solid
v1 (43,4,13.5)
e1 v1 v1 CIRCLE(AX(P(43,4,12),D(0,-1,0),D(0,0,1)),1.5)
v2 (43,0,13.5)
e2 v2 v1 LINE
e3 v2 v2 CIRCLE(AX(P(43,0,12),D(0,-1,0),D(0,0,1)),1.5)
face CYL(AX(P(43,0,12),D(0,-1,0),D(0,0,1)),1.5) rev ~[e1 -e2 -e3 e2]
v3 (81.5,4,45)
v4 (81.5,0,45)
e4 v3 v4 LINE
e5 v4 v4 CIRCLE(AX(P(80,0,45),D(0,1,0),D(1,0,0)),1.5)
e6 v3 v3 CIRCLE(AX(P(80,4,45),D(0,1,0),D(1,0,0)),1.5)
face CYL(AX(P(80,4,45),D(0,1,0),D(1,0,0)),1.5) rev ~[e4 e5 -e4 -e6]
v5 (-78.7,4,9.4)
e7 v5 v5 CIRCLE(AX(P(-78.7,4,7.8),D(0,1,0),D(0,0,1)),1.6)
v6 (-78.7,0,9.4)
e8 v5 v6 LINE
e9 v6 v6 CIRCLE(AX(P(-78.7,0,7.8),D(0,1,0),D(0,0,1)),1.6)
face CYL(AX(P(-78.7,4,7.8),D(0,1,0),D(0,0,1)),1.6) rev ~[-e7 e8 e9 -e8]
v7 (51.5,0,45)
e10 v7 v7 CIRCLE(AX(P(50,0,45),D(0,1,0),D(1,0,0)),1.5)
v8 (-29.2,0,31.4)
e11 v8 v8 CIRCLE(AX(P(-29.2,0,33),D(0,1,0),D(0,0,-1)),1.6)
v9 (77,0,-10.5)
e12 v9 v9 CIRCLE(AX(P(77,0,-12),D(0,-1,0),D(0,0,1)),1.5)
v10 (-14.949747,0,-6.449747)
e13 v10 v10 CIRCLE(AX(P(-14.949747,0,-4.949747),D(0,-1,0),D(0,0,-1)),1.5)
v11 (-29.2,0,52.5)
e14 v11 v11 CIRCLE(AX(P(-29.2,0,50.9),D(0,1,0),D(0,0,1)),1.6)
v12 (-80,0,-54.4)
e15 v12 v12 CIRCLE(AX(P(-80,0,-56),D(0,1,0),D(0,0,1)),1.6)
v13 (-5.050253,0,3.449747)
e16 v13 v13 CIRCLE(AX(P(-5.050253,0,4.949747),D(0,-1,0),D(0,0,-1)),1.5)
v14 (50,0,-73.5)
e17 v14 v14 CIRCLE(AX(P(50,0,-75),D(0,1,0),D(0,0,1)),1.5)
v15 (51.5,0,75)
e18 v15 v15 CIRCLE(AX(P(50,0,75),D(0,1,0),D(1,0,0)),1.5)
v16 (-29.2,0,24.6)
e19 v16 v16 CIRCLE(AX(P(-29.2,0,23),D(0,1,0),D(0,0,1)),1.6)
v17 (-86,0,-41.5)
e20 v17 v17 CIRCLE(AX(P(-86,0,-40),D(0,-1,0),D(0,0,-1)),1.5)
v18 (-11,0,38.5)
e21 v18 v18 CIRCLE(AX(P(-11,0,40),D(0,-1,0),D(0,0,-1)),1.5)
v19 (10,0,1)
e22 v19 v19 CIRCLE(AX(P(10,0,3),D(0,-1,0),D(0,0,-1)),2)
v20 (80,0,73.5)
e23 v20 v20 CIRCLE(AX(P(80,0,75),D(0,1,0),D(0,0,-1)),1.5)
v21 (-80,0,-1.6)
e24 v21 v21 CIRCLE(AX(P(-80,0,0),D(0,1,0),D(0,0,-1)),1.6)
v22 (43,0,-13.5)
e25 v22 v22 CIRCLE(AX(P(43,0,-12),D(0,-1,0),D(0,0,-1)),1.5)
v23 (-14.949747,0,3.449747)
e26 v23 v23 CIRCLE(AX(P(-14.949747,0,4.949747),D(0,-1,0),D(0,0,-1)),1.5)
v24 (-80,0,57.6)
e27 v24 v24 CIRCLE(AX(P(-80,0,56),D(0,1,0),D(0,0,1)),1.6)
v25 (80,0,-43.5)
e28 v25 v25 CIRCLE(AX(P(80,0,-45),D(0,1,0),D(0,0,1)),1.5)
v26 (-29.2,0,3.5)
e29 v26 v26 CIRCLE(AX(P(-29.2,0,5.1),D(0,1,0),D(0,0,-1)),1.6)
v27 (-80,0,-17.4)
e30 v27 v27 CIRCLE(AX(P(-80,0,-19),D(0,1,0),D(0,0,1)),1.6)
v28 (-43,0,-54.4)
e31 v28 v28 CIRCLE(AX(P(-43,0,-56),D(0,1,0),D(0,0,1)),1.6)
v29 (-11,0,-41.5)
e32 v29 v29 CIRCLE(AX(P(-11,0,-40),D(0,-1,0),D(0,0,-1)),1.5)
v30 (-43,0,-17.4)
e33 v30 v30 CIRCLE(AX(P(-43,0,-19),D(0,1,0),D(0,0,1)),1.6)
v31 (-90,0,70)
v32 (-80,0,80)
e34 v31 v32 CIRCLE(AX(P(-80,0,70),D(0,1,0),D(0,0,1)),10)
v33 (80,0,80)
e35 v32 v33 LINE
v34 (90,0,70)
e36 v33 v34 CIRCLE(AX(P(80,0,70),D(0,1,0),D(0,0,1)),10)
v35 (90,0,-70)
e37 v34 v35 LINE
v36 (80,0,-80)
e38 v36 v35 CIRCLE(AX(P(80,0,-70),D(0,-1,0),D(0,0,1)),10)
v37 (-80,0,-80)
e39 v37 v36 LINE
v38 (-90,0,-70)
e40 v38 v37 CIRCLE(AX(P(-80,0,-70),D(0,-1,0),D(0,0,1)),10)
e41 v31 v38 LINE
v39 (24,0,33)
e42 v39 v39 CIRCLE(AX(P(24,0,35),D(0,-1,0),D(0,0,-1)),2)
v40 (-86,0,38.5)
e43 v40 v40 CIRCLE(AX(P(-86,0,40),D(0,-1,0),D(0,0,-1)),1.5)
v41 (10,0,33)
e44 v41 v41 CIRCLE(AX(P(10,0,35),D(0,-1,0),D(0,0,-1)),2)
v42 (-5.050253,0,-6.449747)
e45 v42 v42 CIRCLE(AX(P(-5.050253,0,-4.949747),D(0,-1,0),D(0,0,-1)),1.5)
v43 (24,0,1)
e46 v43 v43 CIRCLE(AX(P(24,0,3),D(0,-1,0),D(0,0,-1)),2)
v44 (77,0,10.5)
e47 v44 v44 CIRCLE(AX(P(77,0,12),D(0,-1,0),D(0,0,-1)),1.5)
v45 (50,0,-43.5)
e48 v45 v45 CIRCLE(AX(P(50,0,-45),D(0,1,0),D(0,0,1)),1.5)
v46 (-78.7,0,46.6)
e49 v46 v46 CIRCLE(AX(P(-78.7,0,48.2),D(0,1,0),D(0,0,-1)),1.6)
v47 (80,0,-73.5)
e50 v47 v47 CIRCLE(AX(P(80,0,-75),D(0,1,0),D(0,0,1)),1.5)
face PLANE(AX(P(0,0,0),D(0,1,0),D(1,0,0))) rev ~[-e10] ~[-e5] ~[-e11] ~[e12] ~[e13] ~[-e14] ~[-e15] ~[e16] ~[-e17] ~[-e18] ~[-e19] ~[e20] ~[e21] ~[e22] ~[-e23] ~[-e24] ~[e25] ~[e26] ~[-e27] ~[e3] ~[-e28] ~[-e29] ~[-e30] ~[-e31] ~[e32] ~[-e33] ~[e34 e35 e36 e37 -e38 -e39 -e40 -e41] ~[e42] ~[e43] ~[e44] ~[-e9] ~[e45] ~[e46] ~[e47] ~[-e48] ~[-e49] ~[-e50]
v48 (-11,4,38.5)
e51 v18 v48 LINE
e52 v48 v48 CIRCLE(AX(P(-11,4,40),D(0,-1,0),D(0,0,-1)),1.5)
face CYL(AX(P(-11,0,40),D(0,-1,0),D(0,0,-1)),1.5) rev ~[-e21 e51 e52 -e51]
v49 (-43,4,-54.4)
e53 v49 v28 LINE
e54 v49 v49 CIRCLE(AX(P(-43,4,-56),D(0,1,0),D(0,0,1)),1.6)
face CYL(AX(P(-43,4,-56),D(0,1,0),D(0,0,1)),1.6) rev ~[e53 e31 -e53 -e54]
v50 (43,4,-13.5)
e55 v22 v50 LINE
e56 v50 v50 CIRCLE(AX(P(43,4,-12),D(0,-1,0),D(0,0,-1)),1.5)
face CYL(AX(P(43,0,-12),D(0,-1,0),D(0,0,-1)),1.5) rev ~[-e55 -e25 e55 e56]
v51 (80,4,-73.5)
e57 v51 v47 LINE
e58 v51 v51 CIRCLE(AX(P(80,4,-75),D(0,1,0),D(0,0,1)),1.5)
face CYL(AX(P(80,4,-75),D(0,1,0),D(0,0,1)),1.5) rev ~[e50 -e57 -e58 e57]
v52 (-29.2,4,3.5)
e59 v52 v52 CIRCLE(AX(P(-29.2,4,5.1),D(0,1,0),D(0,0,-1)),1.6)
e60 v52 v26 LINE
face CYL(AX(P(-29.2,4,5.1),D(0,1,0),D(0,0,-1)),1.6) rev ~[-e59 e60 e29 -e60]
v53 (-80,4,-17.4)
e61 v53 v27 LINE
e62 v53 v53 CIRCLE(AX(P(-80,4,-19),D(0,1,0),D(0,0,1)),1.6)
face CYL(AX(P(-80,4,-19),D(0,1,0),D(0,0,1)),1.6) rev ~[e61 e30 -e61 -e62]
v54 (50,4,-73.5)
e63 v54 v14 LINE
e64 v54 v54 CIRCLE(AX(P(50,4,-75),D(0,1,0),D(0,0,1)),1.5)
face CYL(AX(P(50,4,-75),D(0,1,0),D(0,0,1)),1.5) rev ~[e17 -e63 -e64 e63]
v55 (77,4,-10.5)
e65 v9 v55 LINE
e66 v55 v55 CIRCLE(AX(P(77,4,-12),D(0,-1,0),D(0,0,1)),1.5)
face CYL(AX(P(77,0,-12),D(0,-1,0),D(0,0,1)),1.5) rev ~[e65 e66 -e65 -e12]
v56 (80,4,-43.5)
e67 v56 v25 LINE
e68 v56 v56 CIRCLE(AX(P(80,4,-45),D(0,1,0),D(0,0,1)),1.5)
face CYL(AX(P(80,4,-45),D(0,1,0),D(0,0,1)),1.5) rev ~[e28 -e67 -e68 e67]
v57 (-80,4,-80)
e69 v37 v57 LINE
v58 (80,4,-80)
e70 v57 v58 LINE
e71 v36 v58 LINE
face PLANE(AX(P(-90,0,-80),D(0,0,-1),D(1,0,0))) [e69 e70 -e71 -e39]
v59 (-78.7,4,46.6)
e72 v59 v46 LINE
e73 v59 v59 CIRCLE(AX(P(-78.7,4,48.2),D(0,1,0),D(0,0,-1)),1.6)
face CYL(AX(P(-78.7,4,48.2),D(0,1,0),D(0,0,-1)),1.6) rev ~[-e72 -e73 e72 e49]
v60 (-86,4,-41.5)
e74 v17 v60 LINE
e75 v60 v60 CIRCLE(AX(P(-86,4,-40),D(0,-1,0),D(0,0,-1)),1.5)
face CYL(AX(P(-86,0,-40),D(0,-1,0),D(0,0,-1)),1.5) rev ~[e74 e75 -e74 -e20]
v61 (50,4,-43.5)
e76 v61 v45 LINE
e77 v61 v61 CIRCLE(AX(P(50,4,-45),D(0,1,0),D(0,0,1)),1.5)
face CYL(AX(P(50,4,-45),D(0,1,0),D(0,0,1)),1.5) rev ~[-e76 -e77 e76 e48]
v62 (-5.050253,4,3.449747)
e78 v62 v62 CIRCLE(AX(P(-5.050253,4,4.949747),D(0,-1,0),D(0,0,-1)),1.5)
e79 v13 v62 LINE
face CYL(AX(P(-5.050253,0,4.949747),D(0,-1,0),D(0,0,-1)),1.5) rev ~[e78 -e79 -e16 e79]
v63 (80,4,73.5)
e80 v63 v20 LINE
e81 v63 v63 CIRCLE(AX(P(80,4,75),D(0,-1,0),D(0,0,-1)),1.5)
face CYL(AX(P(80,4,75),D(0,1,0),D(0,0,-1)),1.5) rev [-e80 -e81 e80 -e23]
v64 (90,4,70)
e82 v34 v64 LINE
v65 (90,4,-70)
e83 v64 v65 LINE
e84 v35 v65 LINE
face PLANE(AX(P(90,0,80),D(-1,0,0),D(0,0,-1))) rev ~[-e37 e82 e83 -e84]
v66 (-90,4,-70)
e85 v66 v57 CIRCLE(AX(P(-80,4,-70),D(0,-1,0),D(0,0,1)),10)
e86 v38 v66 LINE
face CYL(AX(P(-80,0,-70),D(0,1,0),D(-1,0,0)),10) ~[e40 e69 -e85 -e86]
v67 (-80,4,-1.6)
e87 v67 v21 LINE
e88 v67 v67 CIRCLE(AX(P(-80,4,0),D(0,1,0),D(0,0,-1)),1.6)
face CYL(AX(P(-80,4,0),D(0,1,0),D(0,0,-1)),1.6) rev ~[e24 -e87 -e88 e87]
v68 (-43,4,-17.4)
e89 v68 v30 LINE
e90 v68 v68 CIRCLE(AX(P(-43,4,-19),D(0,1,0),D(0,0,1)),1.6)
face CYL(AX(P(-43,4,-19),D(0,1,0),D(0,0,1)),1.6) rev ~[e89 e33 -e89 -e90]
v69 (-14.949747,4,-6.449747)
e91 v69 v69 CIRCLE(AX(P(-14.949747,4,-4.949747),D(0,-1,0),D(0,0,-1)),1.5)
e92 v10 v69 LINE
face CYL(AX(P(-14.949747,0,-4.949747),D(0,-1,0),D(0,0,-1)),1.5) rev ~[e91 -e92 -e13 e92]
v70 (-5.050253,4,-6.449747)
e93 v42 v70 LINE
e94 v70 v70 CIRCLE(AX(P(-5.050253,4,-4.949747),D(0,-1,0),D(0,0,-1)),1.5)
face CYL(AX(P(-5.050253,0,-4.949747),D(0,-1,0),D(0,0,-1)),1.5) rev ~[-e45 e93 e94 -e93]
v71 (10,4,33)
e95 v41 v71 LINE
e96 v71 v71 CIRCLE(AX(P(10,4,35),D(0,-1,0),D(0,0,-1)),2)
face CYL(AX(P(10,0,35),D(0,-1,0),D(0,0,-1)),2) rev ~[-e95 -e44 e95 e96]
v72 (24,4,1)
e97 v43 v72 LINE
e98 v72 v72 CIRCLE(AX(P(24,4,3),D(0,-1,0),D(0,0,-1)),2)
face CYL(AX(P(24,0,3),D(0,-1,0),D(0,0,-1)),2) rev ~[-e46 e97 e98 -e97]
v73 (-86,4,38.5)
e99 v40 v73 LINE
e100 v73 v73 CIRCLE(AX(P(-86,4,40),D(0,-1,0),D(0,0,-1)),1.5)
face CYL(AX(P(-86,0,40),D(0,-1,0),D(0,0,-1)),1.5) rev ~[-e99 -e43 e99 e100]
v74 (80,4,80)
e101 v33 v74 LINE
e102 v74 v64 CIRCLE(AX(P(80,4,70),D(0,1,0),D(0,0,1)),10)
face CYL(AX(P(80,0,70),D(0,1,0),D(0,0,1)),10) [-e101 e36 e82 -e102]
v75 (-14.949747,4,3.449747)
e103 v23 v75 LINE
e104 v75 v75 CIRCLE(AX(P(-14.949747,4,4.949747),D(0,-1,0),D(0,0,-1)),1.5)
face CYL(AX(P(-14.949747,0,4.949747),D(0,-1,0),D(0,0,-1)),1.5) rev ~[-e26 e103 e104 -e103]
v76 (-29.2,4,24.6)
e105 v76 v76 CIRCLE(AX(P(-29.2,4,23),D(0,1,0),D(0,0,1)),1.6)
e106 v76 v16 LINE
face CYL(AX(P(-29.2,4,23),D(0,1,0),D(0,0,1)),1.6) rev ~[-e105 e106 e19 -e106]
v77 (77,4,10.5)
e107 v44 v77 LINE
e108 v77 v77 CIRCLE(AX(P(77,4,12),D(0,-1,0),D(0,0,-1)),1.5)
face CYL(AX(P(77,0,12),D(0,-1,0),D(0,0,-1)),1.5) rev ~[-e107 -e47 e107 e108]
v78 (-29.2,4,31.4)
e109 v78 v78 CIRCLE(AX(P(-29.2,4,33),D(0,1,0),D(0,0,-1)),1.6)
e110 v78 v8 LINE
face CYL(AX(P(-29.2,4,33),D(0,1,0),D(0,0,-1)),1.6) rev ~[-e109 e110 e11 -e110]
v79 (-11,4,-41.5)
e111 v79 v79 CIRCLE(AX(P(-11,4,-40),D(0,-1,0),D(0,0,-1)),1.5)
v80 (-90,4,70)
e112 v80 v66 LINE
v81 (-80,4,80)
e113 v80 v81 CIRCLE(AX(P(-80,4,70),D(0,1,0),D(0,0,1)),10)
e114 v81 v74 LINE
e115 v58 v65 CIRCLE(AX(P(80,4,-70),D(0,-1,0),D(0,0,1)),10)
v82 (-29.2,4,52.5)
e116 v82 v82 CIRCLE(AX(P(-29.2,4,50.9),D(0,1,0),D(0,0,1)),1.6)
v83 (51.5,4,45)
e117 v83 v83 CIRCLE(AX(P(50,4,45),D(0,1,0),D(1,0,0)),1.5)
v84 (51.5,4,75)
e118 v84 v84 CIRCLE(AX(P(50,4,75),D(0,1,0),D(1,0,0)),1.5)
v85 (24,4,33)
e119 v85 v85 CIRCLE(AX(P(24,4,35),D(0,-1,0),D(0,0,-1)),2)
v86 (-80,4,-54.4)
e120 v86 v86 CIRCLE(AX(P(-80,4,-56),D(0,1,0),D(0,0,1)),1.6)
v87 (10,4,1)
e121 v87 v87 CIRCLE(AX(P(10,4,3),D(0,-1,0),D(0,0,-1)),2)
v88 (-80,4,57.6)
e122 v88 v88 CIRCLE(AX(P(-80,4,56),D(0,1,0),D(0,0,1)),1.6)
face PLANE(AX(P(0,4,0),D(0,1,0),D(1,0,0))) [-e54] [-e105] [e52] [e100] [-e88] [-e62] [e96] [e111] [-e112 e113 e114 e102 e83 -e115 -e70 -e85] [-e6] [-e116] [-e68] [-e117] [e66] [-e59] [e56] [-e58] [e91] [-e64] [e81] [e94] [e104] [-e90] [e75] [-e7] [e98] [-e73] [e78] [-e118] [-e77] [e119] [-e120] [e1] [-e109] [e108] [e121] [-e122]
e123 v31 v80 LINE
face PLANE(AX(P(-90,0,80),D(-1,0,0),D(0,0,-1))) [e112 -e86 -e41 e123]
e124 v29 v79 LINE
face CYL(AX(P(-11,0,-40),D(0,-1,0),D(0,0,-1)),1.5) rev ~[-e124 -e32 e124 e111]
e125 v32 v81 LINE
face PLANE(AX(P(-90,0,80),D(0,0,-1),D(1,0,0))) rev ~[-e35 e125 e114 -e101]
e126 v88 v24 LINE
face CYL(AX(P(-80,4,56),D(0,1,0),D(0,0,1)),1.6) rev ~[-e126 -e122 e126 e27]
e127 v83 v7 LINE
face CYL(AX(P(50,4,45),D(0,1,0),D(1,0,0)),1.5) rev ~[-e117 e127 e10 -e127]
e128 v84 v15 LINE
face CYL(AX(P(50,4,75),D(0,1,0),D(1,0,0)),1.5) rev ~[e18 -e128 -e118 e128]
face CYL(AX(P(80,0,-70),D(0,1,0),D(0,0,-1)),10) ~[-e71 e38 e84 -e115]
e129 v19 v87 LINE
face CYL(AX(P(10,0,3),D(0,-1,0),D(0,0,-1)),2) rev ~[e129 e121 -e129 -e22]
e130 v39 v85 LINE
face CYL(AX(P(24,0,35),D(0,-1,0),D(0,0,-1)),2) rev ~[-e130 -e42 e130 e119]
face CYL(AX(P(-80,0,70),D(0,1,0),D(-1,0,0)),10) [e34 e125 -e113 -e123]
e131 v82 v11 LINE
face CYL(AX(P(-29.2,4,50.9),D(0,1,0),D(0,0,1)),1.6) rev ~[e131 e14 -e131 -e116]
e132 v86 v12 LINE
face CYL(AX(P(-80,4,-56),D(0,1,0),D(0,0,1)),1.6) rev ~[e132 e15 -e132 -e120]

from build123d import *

# Parameters (mm, degrees)
SKETCH_1_W                  = 180
SKETCH_1_H                  = 160
EXTRUDE_1_DEPTH             = 4
SKETCH_4_R                  = 1.6
CUT_EXTRUDE_3_DEPTH         = 4
SKETCH_5_R                  = 1.6
CUT_EXTRUDE_4_DEPTH         = 4
SKETCH_7_R                  = 2
CUT_EXTRUDE_5_DEPTH         = 10
FILLET_1_R                  = 10
SKETCH_8_R                  = 1.5
CUT_EXTRUDE_6_DEPTH         = 10
SKETCH_11_R                 = 1.5
CUT_EXTRUDE_8_DEPTH         = 4
SKETCH_12_R                 = 1.5
CUT_EXTRUDE_9_DEPTH         = 4
SKETCH_13_R                 = 1.5
CUT_EXTRUDE_10_DEPTH        = 10
PATTERN_LINEAR_1_COUNT      = 2
PATTERN_LINEAR_1_PITCH      = 30
PATTERN_LINEAR_1_COUNT_DIR2 = 2
PATTERN_LINEAR_1_PITCH_DIR2 = 30
MIRROR_1_COPY_1_SKETCH_R    = 1.5
MIRROR_1_COPY_1_DEPTH       = 10
MIRROR_1_COPY_2_SKETCH_R    = 1.5
MIRROR_1_COPY_2_DEPTH       = 10
MIRROR_1_COPY_3_SKETCH_R    = 1.5
MIRROR_1_COPY_3_DEPTH       = 10


with BuildPart() as part:
    # 草图1 → 凸台-拉伸1 (new body)
    with BuildSketch(Plane(origin=(0, 0, 0), x_dir=(1, 0, 0), z_dir=(0, 1, 0))):
        Rectangle(SKETCH_1_W, SKETCH_1_H)
    extrude(amount=EXTRUDE_1_DEPTH)

    # 草图4 → 切除-拉伸3 (cut)
    with BuildSketch(Plane(origin=(0, 4, 0), x_dir=(1, 0, 0), z_dir=(0, 1, 0))):
        with Locations(Location((-80, 56, 0), (0, 0, 270))):
            Circle(SKETCH_4_R)
        with Locations(Location((-43, 56, 0), (0, 0, 270))):
            Circle(SKETCH_4_R)
        with Locations(Location((-43, 19, 0), (0, 0, 270))):
            Circle(SKETCH_4_R)
        with Locations(Location((-80, 19, 0), (0, 0, 270))):
            Circle(SKETCH_4_R)
    extrude(amount=-CUT_EXTRUDE_3_DEPTH, mode=Mode.SUBTRACT)

    # 草图5 → 切除-拉伸4 (cut)
    with BuildSketch(Plane(origin=(0, 4, 0), x_dir=(1, 0, 0), z_dir=(0, 1, 0))):
        with Locations(Location((-78.7, -7.8, 0), (0, 0, 270))):
            Circle(SKETCH_5_R)
        with Locations(Location((-29.2, -23, 0), (0, 0, 270))):
            Circle(SKETCH_5_R)
        with Locations(Location((-29.2, -50.9, 0), (0, 0, 270))):
            Circle(SKETCH_5_R)
        with Locations(Location((-80, -56, 0), (0, 0, 270))):
            Circle(SKETCH_5_R)
        with Locations(Location((-29.2, -5.1, 0), (0, 0, 90))):
            Circle(SKETCH_5_R)
        with Locations(Location((-29.2, -33, 0), (0, 0, 90))):
            Circle(SKETCH_5_R)
        with Locations(Location((-80, 0, 0), (0, 0, 90))):
            Circle(SKETCH_5_R)
        with Locations(Location((-78.7, -48.2, 0), (0, 0, 90))):
            Circle(SKETCH_5_R)
    extrude(amount=-CUT_EXTRUDE_4_DEPTH, mode=Mode.SUBTRACT)

    # 草图7 → 切除-拉伸5 (cut)
    with BuildSketch(Plane.XZ):
        with Locations(Location((24, 35, 0), (0, 0, 270))):
            Circle(SKETCH_7_R)
        with Locations(Location((10, 35, 0), (0, 0, 270))):
            Circle(SKETCH_7_R)
        with Locations(Location((24, 3, 0), (0, 0, 270))):
            Circle(SKETCH_7_R)
        with Locations(Location((10, 3, 0), (0, 0, 270))):
            Circle(SKETCH_7_R)
    extrude(amount=-CUT_EXTRUDE_5_DEPTH, mode=Mode.SUBTRACT)

    # 圆角1
    fillet_1_edges = [part.edges().sort_by_distance(p)[0] for p in [
        (90, 2, 80),
        (-90, 2, 80),
        (-90, 2, -80),
        (90, 2, -80),
    ]]
    fillet(fillet_1_edges, radius=FILLET_1_R)

    # 草图8 → 切除-拉伸6 (cut)
    with BuildSketch(Plane.XZ):
        with Locations(Location((-14.949747468, 4.949747468, 0), (0, 0, 270))):
            Circle(SKETCH_8_R)
        with Locations(Location((-5.050252532, 4.949747468, 0), (0, 0, 270))):
            Circle(SKETCH_8_R)
        with Locations(Location((-14.949747468, -4.949747468, 0), (0, 0, 270))):
            Circle(SKETCH_8_R)
        with Locations(Location((-5.050252532, -4.949747468, 0), (0, 0, 270))):
            Circle(SKETCH_8_R)
    extrude(amount=-CUT_EXTRUDE_6_DEPTH, mode=Mode.SUBTRACT)

    # 草图11 → 切除-拉伸8 (cut)
    with BuildSketch(Plane.XZ):
        with Locations(Location((77, 12, 0), (0, 0, 270))):
            Circle(SKETCH_11_R)
        with Locations(Location((43, 12, 0), (0, 0, 90))):
            Circle(SKETCH_11_R)
        with Locations(Location((77, -12, 0), (0, 0, 90))):
            Circle(SKETCH_11_R)
        with Locations(Location((43, -12, 0), (0, 0, 270))):
            Circle(SKETCH_11_R)
    extrude(amount=-CUT_EXTRUDE_8_DEPTH, mode=Mode.SUBTRACT)

    # 草图12 → 切除-拉伸9 (cut)
    with BuildSketch(Plane.XZ):
        with Locations(Location((-86, 40, 0), (0, 0, 270))):
            Circle(SKETCH_12_R)
        with Locations(Location((-11, 40, 0), (0, 0, 270))):
            Circle(SKETCH_12_R)
        with Locations(Location((-11, -40, 0), (0, 0, 270))):
            Circle(SKETCH_12_R)
        with Locations(Location((-86, -40, 0), (0, 0, 270))):
            Circle(SKETCH_12_R)
    extrude(amount=-CUT_EXTRUDE_9_DEPTH, mode=Mode.SUBTRACT)

    # 草图13 → 切除-拉伸10 (cut)
    with BuildSketch(Plane(origin=(0, 4, 0), x_dir=(1, 0, 0), z_dir=(0, 1, 0))):
        with Locations(Location((80, 75, 0), (0, 0, 270))):
            Circle(SKETCH_13_R)
    cut_extrude_10 = extrude(amount=-CUT_EXTRUDE_10_DEPTH, mode=Mode.SUBTRACT)

    # 阵列(线性)1: Cut-Extrude 10 2 × 2
    with Locations(*[(-i * PATTERN_LINEAR_1_PITCH, 0, j * PATTERN_LINEAR_1_PITCH_DIR2) for i in range(PATTERN_LINEAR_1_COUNT) for j in range(PATTERN_LINEAR_1_COUNT_DIR2) if (i, j) != (0, 0)]):
        add(cut_extrude_10, mode=Mode.SUBTRACT)

    # 镜向1: 切除-拉伸10 across plane
    add(cut_extrude_10.mirror(Plane.XY), mode=Mode.SUBTRACT)

    # 镜向1 copy 1 sketch → 镜向1 copy 1 (cut)
    with BuildSketch(Plane(origin=(0, 4, -30), x_dir=(1, 0, 0), z_dir=(0, 1, 0))):
        with Locations((80, -75)):
            Circle(MIRROR_1_COPY_1_SKETCH_R)
    extrude(amount=-MIRROR_1_COPY_1_DEPTH, mode=Mode.SUBTRACT)

    # 镜向1 copy 2 sketch → 镜向1 copy 2 (cut)
    with BuildSketch(Plane(origin=(-30, 4, 0), x_dir=(1, 0, 0), z_dir=(0, 1, 0))):
        with Locations((80, -75)):
            Circle(MIRROR_1_COPY_2_SKETCH_R)
    extrude(amount=-MIRROR_1_COPY_2_DEPTH, mode=Mode.SUBTRACT)

    # 镜向1 copy 3 sketch → 镜向1 copy 3 (cut)
    with BuildSketch(Plane(origin=(-30, 4, -30), x_dir=(1, 0, 0), z_dir=(0, 1, 0))):
        with Locations((80, -75)):
            Circle(MIRROR_1_COPY_3_SKETCH_R)
    extrude(amount=-MIRROR_1_COPY_3_DEPTH, mode=Mode.SUBTRACT)


solid = part.part
